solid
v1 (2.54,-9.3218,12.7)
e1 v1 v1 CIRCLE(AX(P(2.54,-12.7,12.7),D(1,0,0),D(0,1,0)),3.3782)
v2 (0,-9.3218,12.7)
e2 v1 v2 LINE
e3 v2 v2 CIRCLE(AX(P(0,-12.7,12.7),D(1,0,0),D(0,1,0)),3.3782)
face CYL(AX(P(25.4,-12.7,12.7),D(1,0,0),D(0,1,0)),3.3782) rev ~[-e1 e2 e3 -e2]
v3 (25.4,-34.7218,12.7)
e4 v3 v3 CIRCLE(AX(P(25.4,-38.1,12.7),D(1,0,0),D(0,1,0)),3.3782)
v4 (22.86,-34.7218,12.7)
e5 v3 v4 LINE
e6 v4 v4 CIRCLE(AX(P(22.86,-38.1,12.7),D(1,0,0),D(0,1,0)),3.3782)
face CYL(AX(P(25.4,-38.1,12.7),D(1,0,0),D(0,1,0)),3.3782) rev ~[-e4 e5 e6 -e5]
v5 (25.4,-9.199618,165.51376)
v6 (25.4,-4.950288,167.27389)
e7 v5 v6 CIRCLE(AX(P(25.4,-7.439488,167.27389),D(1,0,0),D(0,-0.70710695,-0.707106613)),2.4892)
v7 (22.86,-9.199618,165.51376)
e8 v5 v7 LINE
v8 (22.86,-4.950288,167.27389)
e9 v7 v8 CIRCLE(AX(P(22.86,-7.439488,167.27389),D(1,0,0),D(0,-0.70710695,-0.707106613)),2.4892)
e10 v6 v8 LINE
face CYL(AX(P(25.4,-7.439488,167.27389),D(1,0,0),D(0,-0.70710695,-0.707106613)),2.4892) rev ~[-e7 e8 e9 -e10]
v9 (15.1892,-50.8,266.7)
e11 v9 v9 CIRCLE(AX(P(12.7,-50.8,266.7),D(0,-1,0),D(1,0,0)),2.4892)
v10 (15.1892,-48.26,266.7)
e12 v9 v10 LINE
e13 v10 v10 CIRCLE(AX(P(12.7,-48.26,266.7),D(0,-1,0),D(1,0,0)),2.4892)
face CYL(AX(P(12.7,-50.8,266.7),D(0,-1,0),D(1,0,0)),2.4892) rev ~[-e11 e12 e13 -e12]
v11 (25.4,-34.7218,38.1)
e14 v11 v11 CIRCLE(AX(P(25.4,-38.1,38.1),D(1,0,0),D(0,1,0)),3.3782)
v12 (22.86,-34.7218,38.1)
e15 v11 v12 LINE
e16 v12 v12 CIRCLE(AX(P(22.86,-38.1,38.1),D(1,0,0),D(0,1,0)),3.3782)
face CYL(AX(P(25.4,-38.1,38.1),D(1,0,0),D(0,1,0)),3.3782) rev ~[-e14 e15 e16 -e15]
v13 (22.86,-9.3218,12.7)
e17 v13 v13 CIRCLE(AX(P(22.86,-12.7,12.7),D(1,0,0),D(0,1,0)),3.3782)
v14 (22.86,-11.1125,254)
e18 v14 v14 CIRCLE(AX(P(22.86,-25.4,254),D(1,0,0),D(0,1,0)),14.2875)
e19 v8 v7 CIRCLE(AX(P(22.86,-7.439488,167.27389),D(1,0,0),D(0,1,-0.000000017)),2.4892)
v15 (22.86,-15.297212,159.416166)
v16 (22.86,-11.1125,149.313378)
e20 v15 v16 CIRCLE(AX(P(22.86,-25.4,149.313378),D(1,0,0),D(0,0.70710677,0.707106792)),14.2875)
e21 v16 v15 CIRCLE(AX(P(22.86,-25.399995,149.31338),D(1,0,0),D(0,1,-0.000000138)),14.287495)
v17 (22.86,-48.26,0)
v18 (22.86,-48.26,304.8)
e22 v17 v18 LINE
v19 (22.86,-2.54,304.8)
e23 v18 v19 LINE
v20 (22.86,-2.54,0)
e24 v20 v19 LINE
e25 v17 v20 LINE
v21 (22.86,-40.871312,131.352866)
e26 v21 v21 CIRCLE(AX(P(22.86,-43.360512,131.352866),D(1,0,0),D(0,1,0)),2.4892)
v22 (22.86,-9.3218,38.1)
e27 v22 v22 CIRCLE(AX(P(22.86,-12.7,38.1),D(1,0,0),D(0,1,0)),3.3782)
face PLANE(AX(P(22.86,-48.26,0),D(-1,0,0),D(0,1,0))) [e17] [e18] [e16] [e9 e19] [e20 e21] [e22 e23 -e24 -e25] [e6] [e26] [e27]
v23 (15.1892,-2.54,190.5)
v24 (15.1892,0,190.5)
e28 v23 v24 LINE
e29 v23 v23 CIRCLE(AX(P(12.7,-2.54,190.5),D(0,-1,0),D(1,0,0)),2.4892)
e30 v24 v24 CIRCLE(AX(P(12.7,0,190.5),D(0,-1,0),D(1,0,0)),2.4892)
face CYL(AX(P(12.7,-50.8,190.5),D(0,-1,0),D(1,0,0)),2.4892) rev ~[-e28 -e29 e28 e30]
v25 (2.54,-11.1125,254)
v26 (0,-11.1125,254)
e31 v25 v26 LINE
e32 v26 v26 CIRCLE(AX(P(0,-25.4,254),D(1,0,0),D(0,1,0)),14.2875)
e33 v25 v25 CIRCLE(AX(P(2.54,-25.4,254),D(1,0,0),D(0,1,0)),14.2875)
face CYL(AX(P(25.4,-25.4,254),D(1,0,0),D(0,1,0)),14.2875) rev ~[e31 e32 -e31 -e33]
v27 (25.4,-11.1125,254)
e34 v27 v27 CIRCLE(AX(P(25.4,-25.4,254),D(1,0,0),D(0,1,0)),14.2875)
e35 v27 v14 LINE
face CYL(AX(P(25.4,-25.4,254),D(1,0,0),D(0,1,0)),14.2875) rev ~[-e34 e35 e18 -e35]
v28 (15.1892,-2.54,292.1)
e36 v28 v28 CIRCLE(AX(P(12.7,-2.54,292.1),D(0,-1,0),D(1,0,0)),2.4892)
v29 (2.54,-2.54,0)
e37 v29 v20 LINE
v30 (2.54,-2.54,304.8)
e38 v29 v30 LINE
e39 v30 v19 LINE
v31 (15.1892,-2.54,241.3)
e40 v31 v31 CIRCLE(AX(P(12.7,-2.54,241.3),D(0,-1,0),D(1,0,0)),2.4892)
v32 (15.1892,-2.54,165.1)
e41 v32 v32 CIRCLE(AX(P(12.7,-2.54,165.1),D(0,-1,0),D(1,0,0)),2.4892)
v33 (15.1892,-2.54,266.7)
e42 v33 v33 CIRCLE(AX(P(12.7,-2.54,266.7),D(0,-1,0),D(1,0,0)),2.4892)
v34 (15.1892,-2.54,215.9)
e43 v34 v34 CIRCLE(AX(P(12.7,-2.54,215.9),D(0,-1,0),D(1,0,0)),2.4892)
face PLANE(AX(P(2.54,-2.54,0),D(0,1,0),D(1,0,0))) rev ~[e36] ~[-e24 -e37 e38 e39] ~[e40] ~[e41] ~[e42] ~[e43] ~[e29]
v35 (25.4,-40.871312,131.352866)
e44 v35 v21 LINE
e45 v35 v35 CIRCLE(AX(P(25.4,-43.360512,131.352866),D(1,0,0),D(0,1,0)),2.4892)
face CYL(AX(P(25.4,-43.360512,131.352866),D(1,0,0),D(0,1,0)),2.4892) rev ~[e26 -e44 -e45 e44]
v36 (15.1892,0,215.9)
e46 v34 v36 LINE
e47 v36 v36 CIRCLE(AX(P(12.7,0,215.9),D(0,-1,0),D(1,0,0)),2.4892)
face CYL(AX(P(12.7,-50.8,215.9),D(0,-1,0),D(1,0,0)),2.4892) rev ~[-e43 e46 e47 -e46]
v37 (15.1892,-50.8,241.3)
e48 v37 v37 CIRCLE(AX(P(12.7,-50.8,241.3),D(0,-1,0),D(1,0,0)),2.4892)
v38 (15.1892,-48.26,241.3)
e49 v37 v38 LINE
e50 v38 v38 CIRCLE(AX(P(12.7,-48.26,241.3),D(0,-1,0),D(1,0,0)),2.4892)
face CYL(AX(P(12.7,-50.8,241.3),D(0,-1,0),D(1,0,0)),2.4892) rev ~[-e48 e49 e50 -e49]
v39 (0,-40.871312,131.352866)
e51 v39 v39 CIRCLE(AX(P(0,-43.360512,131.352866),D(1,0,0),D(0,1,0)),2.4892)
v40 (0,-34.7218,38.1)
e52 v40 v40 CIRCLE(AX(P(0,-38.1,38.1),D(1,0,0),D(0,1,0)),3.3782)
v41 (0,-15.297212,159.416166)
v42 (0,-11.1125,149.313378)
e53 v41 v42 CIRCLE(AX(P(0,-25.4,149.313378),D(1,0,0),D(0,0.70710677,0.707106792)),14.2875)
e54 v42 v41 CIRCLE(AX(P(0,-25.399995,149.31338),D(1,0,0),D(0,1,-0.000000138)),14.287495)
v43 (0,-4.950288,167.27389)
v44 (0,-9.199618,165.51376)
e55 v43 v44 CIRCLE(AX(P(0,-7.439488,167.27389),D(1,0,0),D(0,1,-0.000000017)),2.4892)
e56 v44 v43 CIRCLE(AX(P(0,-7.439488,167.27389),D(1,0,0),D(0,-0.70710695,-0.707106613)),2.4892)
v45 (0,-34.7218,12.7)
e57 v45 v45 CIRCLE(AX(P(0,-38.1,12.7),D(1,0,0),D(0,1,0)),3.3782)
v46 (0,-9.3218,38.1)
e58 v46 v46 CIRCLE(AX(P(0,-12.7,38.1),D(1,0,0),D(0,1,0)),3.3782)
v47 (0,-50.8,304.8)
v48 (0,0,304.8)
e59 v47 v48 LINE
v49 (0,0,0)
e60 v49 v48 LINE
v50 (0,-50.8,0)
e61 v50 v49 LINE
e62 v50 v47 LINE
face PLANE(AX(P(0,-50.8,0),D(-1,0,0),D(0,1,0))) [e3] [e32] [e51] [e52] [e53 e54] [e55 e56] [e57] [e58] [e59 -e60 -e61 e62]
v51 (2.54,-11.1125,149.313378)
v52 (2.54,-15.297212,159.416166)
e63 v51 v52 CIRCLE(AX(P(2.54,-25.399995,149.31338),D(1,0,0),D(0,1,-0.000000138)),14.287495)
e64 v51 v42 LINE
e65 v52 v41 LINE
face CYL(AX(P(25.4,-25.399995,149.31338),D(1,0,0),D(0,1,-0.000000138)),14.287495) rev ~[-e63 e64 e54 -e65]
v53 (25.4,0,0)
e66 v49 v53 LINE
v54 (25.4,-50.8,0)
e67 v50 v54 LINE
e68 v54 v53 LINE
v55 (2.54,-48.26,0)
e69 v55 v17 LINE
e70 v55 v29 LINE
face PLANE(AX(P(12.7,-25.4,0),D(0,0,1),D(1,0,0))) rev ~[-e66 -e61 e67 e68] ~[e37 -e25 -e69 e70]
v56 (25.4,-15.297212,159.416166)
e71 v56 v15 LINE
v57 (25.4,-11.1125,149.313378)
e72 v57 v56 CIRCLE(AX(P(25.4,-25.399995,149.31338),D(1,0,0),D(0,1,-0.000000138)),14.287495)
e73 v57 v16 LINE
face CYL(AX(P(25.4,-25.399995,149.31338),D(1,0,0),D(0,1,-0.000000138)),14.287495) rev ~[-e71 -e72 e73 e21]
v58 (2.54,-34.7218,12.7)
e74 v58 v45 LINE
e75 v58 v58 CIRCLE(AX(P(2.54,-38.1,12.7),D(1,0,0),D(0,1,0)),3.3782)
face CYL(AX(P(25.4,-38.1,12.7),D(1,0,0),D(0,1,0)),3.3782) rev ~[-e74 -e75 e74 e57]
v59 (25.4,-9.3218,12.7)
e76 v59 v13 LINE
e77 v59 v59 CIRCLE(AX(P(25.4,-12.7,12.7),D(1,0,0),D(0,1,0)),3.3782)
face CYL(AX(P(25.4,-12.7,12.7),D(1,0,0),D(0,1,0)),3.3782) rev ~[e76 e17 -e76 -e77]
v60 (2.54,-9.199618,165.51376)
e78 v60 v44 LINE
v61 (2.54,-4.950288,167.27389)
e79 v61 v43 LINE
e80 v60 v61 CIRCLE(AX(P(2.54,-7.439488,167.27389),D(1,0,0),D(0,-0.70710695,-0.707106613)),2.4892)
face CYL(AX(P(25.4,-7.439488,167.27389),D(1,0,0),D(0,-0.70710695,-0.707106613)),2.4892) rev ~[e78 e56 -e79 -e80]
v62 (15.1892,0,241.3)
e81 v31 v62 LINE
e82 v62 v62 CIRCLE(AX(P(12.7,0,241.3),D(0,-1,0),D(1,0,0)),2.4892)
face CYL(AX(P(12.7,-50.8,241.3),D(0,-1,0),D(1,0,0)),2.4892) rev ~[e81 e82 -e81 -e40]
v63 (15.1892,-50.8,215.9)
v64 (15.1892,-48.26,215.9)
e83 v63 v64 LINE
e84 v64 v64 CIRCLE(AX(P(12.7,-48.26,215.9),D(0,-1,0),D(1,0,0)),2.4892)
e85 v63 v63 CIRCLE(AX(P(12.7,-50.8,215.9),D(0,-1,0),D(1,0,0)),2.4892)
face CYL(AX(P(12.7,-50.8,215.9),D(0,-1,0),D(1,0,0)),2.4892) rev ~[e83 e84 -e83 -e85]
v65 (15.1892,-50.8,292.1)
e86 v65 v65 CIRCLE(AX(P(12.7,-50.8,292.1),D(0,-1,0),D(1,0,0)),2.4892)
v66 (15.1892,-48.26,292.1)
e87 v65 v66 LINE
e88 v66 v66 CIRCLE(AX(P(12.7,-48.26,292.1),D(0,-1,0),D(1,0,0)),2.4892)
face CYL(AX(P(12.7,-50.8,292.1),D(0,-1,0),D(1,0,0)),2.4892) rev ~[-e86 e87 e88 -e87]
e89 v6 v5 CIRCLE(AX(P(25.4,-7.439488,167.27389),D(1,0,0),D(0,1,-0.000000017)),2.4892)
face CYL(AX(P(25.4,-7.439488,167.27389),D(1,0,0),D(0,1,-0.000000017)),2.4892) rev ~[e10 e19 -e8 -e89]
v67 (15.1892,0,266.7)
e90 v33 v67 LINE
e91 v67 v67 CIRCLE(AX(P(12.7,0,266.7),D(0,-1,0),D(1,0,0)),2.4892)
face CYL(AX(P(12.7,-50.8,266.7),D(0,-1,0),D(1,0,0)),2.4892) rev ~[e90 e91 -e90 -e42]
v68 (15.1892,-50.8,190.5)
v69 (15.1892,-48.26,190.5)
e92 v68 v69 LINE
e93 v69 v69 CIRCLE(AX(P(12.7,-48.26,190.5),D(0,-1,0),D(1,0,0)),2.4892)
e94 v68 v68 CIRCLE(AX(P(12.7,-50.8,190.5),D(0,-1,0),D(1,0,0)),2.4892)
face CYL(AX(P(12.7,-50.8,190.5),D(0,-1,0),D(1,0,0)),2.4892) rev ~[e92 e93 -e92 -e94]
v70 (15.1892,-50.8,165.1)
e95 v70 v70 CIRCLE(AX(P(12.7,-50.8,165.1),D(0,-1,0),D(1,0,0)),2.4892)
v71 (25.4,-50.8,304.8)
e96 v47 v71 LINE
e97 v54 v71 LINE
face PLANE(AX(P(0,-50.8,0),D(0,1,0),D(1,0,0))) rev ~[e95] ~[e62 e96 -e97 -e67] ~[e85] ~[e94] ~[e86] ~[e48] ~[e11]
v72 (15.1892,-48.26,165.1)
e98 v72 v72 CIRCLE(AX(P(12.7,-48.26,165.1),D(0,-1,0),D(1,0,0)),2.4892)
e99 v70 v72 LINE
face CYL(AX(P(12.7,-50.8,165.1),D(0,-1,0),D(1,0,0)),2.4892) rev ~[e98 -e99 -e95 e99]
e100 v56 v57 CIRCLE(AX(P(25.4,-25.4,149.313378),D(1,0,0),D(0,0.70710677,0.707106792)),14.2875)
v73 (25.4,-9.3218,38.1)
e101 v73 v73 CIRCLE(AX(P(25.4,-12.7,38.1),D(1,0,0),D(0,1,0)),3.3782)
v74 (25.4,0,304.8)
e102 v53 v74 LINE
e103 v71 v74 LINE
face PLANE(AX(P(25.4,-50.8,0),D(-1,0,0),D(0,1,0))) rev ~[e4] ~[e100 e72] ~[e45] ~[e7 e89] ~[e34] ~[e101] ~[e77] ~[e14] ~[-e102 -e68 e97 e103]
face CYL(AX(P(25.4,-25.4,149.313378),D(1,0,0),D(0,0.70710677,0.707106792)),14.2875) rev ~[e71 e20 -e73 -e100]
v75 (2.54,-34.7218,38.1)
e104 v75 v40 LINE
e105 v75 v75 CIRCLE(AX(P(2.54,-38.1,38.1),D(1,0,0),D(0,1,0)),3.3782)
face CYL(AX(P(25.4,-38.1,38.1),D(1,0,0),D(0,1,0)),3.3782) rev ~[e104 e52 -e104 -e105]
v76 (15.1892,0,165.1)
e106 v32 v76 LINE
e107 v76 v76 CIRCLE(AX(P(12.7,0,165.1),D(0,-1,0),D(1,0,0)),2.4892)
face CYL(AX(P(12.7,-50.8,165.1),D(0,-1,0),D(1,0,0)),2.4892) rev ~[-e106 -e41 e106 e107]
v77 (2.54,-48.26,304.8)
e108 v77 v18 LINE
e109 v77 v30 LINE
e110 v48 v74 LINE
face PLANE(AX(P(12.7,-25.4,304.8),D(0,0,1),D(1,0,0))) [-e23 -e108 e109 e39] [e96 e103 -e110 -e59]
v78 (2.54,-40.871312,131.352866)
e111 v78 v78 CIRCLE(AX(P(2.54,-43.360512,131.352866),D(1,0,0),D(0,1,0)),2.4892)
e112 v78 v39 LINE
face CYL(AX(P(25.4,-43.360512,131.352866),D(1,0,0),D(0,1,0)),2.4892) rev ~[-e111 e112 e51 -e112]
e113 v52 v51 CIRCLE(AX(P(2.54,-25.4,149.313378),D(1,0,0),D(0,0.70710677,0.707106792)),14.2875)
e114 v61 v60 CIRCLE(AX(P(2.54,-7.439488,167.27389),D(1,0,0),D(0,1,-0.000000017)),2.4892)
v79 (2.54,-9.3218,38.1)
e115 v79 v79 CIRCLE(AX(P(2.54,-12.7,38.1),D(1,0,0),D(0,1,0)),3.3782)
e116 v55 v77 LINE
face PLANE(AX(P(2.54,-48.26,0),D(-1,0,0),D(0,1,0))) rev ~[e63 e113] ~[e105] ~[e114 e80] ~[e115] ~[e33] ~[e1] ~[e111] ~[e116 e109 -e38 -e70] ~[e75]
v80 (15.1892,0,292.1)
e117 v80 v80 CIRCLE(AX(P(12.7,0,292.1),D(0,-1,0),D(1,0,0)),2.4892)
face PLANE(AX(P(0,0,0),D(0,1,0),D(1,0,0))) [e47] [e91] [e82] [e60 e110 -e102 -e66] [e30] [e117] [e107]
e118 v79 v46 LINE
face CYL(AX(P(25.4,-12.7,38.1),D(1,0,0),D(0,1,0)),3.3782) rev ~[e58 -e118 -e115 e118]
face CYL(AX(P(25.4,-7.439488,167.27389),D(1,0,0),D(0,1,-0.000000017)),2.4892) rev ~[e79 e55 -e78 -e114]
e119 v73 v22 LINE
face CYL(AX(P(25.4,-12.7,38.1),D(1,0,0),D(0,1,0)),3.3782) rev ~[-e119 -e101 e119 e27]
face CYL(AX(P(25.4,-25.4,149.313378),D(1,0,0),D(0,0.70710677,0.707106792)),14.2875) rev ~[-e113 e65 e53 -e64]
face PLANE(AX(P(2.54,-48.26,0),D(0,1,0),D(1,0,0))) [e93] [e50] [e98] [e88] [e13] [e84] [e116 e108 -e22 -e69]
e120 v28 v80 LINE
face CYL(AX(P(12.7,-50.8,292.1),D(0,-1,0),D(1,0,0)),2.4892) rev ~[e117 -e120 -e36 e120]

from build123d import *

# Parameters (mm, degrees)
F0_W     = 25.4
F0_H     = 50.8
F0_W_2   = 20.32
F0_H_2   = 45.72
F1_DEPTH = 304.8
F2_R     = 14.2875
F2_R_2   = 3.3782
F2_R_3   = 2.4892
F3_DEPTH = 25.4
F4_R     = 2.4892
F5_DEPTH = 50.801


with BuildPart() as f1:
    # F0 (on Top) → F1 (new body)
    with BuildSketch(Plane.XY):
        with Locations((12.7, -25.4)):
            Rectangle(F0_W, F0_H)
        with Locations((12.7, -25.4)):
            Rectangle(F0_W_2, F0_H_2, mode=Mode.SUBTRACT)
    extrude(amount=F1_DEPTH)

    # F2 (on face) → F3 (cut)
    with BuildSketch(Plane.YZ.offset(25.4)):
        with Locations((-25.4, 254)):
            Circle(F2_R)
        with Locations((-38.1, 38.1)):
            Circle(F2_R_2)
        with Locations((-38.1, 12.7)):
            Circle(F2_R_2)
        with Locations((-12.7, 38.1)):
            Circle(F2_R_2)
        with Locations((-12.7, 12.7)):
            Circle(F2_R_2)
        with BuildLine():
            ThreePointArc((-4.950288, 167.27389), (-8.392063, 169.573611), (-9.199618, 165.51376))
            ThreePointArc((-9.199618, 165.51376), (-6.486912, 164.974169), (-4.950288, 167.27389))
        make_face()
        with Locations((-43.360512, 131.352866)):
            Circle(F2_R_3)
        with BuildLine():
            Line((-25.4, 149.313378), (-11.1125, 149.313378))
            ThreePointArc((-11.1125, 149.313378), (-12.200071, 154.780968), (-15.297212, 159.416166))
            Line((-15.297212, 159.416166), (-25.4, 149.313378))
        make_face()
        with BuildLine():
            ThreePointArc((-15.297212, 159.416166), (-38.599929, 143.845789), (-11.1125, 149.313378))
            Line((-11.1125, 149.313378), (-25.4, 149.313378))
            Line((-25.4, 149.313378), (-15.297212, 159.416166))
        make_face()
    extrude(amount=-F3_DEPTH, mode=Mode.SUBTRACT)

    # F4 (on face) → F5 (cut, through all)
    with BuildSketch(Plane.XZ.offset(50.8)):
        with Locations((12.7, 292.1)):
            Circle(F4_R)
        with Locations((12.7, 266.7)):
            Circle(F4_R)
        with Locations((12.7, 241.3)):
            Circle(F4_R)
        with Locations((12.7, 215.9)):
            Circle(F4_R)
        with Locations((12.7, 190.5)):
            Circle(F4_R)
        with Locations((12.7, 165.1)):
            Circle(F4_R)
    extrude(amount=-F5_DEPTH, mode=Mode.SUBTRACT)


solid = f1.part
